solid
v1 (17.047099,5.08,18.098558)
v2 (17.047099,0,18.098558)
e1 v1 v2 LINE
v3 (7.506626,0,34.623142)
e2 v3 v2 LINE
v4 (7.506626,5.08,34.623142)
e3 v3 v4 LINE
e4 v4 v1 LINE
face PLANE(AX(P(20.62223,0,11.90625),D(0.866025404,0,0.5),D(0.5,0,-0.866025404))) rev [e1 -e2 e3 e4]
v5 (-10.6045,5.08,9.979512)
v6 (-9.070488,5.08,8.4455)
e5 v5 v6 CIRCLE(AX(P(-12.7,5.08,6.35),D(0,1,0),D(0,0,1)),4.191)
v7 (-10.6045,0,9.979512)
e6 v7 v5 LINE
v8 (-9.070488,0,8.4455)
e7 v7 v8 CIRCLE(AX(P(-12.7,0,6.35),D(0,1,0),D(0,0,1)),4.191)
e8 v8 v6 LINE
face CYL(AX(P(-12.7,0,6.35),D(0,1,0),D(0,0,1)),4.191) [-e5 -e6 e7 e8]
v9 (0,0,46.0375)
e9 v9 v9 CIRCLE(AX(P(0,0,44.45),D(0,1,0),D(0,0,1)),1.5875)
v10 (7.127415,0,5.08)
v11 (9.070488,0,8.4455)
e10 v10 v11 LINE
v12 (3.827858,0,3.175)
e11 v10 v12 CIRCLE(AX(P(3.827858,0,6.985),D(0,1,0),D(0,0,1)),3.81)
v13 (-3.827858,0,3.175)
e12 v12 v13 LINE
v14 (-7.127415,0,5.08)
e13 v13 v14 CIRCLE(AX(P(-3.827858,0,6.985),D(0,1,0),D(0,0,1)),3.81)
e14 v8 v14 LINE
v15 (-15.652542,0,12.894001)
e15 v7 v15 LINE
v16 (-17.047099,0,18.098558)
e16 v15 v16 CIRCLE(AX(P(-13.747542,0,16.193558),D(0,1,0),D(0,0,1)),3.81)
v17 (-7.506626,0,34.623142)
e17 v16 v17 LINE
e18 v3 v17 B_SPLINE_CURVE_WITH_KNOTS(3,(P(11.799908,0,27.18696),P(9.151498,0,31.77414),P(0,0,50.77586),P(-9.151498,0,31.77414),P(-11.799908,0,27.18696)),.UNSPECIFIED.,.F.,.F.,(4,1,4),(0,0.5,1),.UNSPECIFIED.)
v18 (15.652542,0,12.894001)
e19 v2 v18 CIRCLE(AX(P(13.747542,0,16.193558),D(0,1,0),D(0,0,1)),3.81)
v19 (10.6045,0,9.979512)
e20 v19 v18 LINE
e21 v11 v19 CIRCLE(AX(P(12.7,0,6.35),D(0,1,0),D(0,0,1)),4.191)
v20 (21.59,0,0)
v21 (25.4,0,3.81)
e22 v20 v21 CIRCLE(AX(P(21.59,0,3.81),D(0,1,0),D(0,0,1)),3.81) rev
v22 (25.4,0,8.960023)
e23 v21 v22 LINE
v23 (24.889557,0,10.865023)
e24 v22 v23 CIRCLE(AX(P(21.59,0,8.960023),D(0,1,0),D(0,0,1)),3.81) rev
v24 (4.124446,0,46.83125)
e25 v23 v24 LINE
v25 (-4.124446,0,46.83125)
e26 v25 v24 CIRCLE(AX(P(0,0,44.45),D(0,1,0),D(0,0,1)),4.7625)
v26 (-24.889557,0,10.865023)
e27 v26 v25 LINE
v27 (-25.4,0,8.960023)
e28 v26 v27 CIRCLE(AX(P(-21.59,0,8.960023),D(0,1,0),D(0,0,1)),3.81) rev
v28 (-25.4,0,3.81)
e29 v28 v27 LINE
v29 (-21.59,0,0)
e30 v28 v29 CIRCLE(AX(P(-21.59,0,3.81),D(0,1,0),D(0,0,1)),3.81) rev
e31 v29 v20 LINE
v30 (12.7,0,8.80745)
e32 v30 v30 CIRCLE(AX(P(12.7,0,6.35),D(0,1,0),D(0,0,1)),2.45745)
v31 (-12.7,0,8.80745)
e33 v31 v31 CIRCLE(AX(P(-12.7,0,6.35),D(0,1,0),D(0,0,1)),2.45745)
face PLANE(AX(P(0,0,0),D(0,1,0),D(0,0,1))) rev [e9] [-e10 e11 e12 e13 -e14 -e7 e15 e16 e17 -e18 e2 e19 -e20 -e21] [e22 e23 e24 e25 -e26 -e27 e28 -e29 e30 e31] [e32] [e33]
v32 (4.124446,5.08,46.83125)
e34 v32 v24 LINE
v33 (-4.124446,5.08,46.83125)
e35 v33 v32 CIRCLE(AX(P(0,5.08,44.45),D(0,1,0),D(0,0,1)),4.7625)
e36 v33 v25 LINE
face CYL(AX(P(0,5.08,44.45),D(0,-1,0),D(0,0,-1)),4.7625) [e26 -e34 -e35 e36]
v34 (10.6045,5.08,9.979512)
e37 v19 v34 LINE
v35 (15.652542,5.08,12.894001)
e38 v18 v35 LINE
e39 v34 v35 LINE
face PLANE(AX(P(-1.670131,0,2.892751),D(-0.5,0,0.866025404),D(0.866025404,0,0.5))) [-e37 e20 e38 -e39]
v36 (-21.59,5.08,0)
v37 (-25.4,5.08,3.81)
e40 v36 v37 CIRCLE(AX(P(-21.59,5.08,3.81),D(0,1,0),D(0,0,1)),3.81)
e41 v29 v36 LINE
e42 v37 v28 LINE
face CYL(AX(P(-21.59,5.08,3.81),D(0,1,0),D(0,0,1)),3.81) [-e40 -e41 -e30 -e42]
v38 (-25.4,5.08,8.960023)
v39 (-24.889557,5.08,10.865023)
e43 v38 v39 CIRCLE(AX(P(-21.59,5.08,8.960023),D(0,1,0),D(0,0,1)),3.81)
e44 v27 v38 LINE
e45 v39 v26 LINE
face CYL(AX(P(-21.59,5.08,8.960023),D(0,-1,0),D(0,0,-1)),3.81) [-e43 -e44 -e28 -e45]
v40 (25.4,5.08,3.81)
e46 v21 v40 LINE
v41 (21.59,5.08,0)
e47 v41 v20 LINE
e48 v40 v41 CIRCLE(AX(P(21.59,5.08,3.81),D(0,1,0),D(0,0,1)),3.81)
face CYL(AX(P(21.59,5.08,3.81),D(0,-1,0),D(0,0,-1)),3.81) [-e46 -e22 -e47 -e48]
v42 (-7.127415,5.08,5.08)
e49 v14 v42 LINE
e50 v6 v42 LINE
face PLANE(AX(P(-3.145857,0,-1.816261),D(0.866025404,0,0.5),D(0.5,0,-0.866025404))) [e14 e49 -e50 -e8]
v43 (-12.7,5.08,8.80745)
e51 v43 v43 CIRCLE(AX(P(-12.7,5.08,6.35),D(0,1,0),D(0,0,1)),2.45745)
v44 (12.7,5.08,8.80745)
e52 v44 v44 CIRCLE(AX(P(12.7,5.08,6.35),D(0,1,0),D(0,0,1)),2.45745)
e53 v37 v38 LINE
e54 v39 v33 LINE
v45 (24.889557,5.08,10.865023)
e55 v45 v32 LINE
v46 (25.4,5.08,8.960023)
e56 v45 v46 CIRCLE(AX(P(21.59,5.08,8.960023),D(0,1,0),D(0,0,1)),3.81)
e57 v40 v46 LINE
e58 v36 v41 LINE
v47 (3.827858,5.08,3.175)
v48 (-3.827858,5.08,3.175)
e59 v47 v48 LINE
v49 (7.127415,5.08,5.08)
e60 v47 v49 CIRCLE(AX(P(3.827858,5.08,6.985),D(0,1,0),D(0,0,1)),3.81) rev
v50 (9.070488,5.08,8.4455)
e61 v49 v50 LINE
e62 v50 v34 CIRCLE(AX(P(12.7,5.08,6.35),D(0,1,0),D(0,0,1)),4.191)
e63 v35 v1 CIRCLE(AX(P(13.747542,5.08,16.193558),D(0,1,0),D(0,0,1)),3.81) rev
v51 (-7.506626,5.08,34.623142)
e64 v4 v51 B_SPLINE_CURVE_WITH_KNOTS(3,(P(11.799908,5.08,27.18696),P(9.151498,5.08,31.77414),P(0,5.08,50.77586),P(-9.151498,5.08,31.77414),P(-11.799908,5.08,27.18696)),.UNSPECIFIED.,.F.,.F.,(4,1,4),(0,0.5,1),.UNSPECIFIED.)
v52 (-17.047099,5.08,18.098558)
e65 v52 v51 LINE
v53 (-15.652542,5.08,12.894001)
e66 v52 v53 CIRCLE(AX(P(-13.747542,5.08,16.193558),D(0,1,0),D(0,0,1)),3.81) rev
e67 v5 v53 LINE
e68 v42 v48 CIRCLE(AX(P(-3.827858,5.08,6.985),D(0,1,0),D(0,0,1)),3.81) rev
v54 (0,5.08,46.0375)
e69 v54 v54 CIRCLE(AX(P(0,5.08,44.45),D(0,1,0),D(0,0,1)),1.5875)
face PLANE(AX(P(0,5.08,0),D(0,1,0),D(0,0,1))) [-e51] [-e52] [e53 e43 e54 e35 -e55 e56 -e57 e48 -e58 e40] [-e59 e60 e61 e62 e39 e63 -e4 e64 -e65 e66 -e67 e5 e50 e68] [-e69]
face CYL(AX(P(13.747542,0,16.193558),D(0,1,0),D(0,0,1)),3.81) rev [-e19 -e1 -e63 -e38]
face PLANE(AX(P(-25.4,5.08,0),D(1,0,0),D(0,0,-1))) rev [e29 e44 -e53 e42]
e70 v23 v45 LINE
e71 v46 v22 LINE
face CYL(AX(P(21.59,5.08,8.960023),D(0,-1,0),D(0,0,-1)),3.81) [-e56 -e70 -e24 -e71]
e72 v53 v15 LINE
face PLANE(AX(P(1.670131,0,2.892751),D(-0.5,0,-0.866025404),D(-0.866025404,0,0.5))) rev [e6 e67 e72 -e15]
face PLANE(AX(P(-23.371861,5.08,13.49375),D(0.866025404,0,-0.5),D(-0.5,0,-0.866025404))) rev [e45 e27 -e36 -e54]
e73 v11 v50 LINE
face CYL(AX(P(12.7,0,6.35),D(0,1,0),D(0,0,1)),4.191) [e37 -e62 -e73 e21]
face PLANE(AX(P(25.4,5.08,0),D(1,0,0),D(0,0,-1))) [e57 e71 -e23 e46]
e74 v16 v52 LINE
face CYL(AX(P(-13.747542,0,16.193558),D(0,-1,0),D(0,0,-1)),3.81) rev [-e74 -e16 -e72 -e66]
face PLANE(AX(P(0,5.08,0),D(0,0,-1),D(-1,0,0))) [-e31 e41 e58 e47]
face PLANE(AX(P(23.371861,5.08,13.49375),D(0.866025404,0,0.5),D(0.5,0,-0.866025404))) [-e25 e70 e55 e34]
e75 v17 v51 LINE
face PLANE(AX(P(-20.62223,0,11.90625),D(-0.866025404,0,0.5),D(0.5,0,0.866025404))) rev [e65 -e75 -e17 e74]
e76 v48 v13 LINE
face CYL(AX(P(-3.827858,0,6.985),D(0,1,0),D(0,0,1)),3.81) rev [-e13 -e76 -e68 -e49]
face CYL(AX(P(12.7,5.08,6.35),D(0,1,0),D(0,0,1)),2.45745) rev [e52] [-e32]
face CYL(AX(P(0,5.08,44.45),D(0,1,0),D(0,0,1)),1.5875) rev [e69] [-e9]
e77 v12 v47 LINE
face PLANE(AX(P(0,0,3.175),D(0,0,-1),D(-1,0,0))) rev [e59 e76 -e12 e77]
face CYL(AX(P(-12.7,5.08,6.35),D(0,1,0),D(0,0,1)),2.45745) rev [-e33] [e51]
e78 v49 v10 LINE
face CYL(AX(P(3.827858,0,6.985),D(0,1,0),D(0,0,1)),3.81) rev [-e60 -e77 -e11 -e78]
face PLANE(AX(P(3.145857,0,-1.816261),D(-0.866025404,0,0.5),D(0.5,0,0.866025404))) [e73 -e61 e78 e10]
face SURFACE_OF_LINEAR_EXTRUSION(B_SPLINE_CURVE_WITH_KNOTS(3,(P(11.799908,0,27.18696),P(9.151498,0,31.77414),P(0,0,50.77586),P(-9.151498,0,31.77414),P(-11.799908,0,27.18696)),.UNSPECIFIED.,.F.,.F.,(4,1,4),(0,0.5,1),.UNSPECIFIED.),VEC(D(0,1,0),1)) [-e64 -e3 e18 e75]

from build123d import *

# Parameters (mm, degrees)
SKETCH1_W                    = 50.8
SKETCH1_H                    = 6.35
BOSS_EXTRUDE1_DEPTH          = 5.08
F_10_0_1935_DIAMETER_HOLE1_D = 4.9149
F_1_8_0_1250_DOWEL_HOLE1_D   = 3.175
CUT_EXTRUDE1_DEPTH           = 56.613276798
FILLET1_R                    = 3.81


with BuildPart() as part:
    # Sketch1 → Boss-Extrude1 (new body)
    with BuildSketch(Plane(origin=(0, 0, 0), x_dir=(1, 0, 0), z_dir=(0, 1, 0))):
        with BuildLine():
            Line((25.4, -6.35), (-25.4, -6.35))
            Line((-25.4, -6.35), (-25.4, -9.980909488))
            Line((-25.4, -9.980909488), (-4.124445986, -46.83125))
            ThreePointArc((-4.124445986, -46.83125), (0, -49.2125), (4.124445986, -46.83125))
            Line((4.124445986, -46.83125), (25.4, -9.980909488))
            Line((25.4, -9.980909488), (25.4, -6.35))
        make_face()
        with Locations((0, -3.175)):
            Rectangle(SKETCH1_W, SKETCH1_H)
    extrude(amount=BOSS_EXTRUDE1_DEPTH)

    # #10 (0.1935) Diameter Hole1 (through all)
    with Locations(Plane(origin=(0, 5.08, 0), x_dir=(1, 0, 0), z_dir=(0, 1, 0))):
        with Locations((-12.7, -6.35), (12.7, -6.35)):
            Hole(F_10_0_1935_DIAMETER_HOLE1_D / 2)

    # 1/8 (0.1250) Dowel Hole1 (through all)
    with Locations(Plane(origin=(0, 5.08, 0), x_dir=(1, 0, 0), z_dir=(0, 1, 0))):
        with Locations((0, -44.45)):
            Hole(F_1_8_0_1250_DOWEL_HOLE1_D / 2)

    # Sketch4 → Cut-Extrude1 (cut, through all)
    with BuildSketch(Plane(origin=(0, 5.08, 0), x_dir=(1, 0, 0), z_dir=(0, 1, 0))):
        with BuildLine():
            Line((-6.027562939, -3.175), (-9.070487533, -8.4455))
            ThreePointArc((-9.070487533, -8.4455), (-9.73651548, -9.31348452), (-10.6045, -9.979512467))
            Line((-10.6045, -9.979512467), (-18.952099271, -14.799001153))
            Line((-18.952099271, -14.799001153), (-11.799907664, -27.186960401))
            Line((-11.799907664, -27.186960401), (-7.506626388, -34.623141702))
            add(Edge.make_bspline(
                [(7.506626388, -34.623141702), (5.246523419, -38.15236124), (0, -44.39763876), (-5.246523419, -38.15236124), (-7.506626388, -34.623141702)],
                knots=[0.213351666, 0.213351666, 0.213351666, 0.213351666, 0.5, 0.786648334, 0.786648334, 0.786648334, 0.786648334], degree=3))
            Line((7.506626388, -34.623141702), (11.799907664, -27.186960401))
            Line((11.799907664, -27.186960401), (18.952099271, -14.799001153))
            Line((18.952099271, -14.799001153), (10.6045, -9.979512467))
            ThreePointArc((10.6045, -9.979512467), (9.73651548, -9.31348452), (9.070487533, -8.4455))
            Line((9.070487533, -8.4455), (6.027562939, -3.175))
            Line((6.027562939, -3.175), (-6.027562939, -3.175))
        make_face()
    extrude(amount=-CUT_EXTRUDE1_DEPTH, mode=Mode.SUBTRACT)

    # Fillet1
    fillet1_edges = [part.edges().sort_by_distance(p)[0] for p in [
        (-25.4, 2.54, 9.980909488),
        (-25.4, 2.54, 0),
        (25.4, 2.54, 0),
        (25.4, 2.54, 9.980909488),
        (-18.952099271, 2.54, 14.799001153),
        (-6.027562939, 2.54, 3.175),
        (6.027562939, 2.54, 3.175),
        (18.952099271, 2.54, 14.799001153),
    ]]
    fillet(fillet1_edges, radius=FILLET1_R)


solid = part.part
